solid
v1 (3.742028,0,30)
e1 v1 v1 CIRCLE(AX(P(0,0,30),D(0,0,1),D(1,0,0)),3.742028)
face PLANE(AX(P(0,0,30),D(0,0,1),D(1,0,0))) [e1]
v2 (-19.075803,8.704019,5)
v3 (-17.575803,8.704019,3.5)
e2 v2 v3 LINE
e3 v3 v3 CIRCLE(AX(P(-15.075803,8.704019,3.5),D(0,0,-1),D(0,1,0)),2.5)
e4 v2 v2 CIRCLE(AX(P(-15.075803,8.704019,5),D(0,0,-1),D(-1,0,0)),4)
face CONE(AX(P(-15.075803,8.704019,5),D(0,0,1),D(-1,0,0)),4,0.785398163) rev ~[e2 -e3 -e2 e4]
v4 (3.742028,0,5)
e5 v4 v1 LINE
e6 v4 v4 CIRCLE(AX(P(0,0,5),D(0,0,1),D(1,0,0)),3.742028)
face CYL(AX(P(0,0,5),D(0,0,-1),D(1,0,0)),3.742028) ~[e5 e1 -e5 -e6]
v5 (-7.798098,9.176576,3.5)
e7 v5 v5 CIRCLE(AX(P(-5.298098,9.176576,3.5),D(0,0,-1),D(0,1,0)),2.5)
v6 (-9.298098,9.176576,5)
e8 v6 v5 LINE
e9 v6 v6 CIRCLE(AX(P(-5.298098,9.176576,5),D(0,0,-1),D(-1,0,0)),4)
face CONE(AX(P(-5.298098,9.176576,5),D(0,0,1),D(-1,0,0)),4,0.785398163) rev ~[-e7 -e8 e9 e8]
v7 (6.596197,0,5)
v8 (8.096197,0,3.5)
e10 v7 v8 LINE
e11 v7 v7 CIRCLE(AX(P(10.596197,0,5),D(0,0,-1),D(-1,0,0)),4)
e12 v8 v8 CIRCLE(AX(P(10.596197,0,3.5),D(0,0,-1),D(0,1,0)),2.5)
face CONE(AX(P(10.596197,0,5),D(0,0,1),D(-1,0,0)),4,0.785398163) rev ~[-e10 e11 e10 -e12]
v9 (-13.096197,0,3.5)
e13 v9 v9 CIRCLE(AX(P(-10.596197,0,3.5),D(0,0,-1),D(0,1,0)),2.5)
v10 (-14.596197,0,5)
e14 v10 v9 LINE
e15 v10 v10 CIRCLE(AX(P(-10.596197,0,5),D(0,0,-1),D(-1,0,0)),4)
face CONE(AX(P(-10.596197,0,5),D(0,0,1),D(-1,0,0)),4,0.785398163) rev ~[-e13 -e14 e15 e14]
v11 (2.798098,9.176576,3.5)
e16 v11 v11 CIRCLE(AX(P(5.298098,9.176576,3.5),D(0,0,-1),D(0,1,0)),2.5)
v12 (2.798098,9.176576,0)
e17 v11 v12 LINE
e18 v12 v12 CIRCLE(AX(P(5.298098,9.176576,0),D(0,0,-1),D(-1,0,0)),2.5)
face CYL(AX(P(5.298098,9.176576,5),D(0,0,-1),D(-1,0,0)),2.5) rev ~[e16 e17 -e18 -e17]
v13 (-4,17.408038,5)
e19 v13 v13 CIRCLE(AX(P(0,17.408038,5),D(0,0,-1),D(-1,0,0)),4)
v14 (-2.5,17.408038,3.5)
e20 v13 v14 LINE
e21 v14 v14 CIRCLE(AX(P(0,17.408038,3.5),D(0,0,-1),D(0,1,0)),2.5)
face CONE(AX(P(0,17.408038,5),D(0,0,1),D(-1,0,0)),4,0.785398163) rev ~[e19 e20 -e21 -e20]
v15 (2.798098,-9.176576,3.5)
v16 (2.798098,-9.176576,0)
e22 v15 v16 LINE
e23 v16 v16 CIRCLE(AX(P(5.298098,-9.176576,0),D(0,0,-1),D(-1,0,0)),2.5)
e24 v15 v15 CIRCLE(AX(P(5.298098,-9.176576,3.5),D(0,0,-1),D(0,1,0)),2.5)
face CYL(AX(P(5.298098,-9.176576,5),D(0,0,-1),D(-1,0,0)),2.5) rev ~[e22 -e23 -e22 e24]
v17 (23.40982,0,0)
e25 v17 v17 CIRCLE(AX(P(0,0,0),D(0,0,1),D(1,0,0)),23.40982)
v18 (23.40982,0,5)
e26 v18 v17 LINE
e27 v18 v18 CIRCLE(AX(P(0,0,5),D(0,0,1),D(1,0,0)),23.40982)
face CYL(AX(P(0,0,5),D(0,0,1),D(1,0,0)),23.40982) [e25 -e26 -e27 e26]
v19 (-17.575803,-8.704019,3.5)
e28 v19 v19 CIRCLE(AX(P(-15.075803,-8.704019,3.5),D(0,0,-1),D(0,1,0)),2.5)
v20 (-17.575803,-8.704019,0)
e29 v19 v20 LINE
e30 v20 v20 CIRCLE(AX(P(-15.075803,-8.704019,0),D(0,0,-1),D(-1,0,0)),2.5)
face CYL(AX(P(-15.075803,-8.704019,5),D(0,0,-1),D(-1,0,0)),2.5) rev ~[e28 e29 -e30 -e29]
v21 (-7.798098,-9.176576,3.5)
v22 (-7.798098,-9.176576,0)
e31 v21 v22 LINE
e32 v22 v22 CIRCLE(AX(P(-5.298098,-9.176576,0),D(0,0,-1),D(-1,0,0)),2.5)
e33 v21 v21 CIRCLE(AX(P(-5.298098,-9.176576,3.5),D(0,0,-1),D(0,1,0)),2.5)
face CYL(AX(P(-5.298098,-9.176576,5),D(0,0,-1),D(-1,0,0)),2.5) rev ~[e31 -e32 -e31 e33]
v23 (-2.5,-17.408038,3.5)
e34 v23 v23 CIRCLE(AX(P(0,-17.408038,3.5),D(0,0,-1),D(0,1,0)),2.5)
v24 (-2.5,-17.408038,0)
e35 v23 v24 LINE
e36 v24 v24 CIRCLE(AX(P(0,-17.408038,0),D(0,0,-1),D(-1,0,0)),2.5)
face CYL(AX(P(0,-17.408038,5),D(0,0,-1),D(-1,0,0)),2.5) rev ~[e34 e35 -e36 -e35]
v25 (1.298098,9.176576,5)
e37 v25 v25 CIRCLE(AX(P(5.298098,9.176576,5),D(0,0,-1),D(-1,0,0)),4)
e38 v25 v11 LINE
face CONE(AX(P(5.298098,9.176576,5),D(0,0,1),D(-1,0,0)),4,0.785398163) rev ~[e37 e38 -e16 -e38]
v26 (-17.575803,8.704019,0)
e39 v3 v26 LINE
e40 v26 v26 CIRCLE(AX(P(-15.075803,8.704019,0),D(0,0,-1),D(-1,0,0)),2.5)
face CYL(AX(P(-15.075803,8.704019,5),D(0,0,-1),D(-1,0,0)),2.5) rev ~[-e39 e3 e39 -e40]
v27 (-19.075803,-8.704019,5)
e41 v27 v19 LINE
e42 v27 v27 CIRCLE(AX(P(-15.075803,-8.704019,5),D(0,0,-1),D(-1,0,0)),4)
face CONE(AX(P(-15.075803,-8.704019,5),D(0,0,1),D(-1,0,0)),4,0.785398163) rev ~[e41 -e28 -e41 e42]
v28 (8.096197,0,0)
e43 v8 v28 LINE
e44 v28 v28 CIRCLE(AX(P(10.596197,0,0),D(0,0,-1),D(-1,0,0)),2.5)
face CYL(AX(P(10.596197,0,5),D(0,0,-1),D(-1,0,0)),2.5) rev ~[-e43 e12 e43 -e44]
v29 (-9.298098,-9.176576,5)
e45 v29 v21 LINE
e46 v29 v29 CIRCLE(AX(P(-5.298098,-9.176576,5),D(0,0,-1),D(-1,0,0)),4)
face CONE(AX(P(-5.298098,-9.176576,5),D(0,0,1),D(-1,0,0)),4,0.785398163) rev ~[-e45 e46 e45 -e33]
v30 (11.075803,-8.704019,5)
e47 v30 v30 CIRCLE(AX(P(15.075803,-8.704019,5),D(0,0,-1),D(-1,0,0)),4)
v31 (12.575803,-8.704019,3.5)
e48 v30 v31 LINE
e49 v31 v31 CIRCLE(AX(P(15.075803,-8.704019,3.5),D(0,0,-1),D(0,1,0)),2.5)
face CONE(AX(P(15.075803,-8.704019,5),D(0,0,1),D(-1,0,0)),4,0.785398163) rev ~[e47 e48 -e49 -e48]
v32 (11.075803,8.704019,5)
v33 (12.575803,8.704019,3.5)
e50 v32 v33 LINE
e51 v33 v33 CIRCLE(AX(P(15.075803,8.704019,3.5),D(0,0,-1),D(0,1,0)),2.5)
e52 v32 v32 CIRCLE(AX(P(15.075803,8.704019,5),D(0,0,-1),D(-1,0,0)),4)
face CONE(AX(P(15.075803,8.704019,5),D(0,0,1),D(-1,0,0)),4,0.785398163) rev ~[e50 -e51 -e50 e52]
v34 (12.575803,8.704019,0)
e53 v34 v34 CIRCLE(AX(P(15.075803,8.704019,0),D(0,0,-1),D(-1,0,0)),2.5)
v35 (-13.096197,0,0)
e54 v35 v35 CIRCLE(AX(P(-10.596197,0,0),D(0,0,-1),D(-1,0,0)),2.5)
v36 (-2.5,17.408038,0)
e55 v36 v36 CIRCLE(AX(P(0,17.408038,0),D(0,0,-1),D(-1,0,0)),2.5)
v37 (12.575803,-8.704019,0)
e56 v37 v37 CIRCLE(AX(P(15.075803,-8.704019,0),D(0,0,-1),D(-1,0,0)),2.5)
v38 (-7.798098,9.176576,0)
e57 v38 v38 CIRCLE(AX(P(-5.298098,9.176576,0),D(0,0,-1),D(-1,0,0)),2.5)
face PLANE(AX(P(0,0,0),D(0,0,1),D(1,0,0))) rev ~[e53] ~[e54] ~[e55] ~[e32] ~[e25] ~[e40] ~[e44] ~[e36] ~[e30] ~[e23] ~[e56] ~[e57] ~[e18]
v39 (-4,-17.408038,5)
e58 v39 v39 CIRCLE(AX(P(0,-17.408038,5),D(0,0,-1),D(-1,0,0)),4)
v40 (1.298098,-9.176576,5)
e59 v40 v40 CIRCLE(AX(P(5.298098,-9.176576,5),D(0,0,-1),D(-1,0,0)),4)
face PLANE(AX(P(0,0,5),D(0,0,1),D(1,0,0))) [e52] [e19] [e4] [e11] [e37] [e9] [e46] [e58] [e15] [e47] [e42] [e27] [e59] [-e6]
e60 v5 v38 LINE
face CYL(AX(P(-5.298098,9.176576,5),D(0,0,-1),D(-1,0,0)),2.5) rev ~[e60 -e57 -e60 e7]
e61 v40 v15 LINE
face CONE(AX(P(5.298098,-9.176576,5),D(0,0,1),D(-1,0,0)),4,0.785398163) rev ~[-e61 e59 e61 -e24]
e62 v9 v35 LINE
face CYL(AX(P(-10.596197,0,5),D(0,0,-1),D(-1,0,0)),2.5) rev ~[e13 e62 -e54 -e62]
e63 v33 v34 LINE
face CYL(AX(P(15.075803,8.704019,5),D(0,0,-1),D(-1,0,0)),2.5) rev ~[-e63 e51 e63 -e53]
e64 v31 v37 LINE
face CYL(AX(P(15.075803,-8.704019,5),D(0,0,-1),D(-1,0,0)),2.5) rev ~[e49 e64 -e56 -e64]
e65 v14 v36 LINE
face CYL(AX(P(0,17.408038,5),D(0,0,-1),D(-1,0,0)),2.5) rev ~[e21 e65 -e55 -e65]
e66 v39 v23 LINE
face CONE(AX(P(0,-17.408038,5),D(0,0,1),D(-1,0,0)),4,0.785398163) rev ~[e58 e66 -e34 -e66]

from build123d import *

# Parameters (mm, degrees)
F0_W           = 50
F0_H           = 50
F1_DEPTH       = 5
F3_D           = 5
F3_CSINK_D     = 8
F3_CSINK_ANGLE = 90
F4_R           = 23.40982
F5_DEPTH       = 25
F7_D           = 5
F7_CSINK_D     = 8
F7_CSINK_ANGLE = 90
F8_R           = 3.742028
F9_DEPTH       = 25


with BuildPart() as f1:
    # F0 (on Top) → F1 (new body)
    with BuildSketch(Plane.XY):
        Rectangle(F0_W, F0_H)
    extrude(amount=F1_DEPTH)

    # F3 (through all)
    with Locations(Plane.XY.offset(5)):
        with Locations((0, 17.408038), (15.075803, 8.704019), (15.075803, -8.704019), (0, -17.408038), (-15.075803, -8.704019), (-15.075803, 8.704019)):
            CounterSinkHole(F3_D / 2, F3_CSINK_D / 2, counter_sink_angle=F3_CSINK_ANGLE)

    # F4 (on face) → F5 (intersect)
    with BuildSketch(Plane.XY.offset(5)):
        Circle(F4_R)
    extrude(amount=-F5_DEPTH, mode=Mode.INTERSECT)

    # F7 (through all)
    with Locations(Plane.XY.offset(5)):
        with Locations((-5.298098, 9.176576), (5.298098, 9.176576), (10.596197, 0), (5.298098, -9.176576), (-5.298098, -9.176576), (-10.596197, 0)):
            CounterSinkHole(F7_D / 2, F7_CSINK_D / 2, counter_sink_angle=F7_CSINK_ANGLE)

    # F8 (on face) → F9 (join)
    with BuildSketch(Plane.XY.offset(5)):
        Circle(F8_R)
    extrude(amount=F9_DEPTH)


solid = f1.part
